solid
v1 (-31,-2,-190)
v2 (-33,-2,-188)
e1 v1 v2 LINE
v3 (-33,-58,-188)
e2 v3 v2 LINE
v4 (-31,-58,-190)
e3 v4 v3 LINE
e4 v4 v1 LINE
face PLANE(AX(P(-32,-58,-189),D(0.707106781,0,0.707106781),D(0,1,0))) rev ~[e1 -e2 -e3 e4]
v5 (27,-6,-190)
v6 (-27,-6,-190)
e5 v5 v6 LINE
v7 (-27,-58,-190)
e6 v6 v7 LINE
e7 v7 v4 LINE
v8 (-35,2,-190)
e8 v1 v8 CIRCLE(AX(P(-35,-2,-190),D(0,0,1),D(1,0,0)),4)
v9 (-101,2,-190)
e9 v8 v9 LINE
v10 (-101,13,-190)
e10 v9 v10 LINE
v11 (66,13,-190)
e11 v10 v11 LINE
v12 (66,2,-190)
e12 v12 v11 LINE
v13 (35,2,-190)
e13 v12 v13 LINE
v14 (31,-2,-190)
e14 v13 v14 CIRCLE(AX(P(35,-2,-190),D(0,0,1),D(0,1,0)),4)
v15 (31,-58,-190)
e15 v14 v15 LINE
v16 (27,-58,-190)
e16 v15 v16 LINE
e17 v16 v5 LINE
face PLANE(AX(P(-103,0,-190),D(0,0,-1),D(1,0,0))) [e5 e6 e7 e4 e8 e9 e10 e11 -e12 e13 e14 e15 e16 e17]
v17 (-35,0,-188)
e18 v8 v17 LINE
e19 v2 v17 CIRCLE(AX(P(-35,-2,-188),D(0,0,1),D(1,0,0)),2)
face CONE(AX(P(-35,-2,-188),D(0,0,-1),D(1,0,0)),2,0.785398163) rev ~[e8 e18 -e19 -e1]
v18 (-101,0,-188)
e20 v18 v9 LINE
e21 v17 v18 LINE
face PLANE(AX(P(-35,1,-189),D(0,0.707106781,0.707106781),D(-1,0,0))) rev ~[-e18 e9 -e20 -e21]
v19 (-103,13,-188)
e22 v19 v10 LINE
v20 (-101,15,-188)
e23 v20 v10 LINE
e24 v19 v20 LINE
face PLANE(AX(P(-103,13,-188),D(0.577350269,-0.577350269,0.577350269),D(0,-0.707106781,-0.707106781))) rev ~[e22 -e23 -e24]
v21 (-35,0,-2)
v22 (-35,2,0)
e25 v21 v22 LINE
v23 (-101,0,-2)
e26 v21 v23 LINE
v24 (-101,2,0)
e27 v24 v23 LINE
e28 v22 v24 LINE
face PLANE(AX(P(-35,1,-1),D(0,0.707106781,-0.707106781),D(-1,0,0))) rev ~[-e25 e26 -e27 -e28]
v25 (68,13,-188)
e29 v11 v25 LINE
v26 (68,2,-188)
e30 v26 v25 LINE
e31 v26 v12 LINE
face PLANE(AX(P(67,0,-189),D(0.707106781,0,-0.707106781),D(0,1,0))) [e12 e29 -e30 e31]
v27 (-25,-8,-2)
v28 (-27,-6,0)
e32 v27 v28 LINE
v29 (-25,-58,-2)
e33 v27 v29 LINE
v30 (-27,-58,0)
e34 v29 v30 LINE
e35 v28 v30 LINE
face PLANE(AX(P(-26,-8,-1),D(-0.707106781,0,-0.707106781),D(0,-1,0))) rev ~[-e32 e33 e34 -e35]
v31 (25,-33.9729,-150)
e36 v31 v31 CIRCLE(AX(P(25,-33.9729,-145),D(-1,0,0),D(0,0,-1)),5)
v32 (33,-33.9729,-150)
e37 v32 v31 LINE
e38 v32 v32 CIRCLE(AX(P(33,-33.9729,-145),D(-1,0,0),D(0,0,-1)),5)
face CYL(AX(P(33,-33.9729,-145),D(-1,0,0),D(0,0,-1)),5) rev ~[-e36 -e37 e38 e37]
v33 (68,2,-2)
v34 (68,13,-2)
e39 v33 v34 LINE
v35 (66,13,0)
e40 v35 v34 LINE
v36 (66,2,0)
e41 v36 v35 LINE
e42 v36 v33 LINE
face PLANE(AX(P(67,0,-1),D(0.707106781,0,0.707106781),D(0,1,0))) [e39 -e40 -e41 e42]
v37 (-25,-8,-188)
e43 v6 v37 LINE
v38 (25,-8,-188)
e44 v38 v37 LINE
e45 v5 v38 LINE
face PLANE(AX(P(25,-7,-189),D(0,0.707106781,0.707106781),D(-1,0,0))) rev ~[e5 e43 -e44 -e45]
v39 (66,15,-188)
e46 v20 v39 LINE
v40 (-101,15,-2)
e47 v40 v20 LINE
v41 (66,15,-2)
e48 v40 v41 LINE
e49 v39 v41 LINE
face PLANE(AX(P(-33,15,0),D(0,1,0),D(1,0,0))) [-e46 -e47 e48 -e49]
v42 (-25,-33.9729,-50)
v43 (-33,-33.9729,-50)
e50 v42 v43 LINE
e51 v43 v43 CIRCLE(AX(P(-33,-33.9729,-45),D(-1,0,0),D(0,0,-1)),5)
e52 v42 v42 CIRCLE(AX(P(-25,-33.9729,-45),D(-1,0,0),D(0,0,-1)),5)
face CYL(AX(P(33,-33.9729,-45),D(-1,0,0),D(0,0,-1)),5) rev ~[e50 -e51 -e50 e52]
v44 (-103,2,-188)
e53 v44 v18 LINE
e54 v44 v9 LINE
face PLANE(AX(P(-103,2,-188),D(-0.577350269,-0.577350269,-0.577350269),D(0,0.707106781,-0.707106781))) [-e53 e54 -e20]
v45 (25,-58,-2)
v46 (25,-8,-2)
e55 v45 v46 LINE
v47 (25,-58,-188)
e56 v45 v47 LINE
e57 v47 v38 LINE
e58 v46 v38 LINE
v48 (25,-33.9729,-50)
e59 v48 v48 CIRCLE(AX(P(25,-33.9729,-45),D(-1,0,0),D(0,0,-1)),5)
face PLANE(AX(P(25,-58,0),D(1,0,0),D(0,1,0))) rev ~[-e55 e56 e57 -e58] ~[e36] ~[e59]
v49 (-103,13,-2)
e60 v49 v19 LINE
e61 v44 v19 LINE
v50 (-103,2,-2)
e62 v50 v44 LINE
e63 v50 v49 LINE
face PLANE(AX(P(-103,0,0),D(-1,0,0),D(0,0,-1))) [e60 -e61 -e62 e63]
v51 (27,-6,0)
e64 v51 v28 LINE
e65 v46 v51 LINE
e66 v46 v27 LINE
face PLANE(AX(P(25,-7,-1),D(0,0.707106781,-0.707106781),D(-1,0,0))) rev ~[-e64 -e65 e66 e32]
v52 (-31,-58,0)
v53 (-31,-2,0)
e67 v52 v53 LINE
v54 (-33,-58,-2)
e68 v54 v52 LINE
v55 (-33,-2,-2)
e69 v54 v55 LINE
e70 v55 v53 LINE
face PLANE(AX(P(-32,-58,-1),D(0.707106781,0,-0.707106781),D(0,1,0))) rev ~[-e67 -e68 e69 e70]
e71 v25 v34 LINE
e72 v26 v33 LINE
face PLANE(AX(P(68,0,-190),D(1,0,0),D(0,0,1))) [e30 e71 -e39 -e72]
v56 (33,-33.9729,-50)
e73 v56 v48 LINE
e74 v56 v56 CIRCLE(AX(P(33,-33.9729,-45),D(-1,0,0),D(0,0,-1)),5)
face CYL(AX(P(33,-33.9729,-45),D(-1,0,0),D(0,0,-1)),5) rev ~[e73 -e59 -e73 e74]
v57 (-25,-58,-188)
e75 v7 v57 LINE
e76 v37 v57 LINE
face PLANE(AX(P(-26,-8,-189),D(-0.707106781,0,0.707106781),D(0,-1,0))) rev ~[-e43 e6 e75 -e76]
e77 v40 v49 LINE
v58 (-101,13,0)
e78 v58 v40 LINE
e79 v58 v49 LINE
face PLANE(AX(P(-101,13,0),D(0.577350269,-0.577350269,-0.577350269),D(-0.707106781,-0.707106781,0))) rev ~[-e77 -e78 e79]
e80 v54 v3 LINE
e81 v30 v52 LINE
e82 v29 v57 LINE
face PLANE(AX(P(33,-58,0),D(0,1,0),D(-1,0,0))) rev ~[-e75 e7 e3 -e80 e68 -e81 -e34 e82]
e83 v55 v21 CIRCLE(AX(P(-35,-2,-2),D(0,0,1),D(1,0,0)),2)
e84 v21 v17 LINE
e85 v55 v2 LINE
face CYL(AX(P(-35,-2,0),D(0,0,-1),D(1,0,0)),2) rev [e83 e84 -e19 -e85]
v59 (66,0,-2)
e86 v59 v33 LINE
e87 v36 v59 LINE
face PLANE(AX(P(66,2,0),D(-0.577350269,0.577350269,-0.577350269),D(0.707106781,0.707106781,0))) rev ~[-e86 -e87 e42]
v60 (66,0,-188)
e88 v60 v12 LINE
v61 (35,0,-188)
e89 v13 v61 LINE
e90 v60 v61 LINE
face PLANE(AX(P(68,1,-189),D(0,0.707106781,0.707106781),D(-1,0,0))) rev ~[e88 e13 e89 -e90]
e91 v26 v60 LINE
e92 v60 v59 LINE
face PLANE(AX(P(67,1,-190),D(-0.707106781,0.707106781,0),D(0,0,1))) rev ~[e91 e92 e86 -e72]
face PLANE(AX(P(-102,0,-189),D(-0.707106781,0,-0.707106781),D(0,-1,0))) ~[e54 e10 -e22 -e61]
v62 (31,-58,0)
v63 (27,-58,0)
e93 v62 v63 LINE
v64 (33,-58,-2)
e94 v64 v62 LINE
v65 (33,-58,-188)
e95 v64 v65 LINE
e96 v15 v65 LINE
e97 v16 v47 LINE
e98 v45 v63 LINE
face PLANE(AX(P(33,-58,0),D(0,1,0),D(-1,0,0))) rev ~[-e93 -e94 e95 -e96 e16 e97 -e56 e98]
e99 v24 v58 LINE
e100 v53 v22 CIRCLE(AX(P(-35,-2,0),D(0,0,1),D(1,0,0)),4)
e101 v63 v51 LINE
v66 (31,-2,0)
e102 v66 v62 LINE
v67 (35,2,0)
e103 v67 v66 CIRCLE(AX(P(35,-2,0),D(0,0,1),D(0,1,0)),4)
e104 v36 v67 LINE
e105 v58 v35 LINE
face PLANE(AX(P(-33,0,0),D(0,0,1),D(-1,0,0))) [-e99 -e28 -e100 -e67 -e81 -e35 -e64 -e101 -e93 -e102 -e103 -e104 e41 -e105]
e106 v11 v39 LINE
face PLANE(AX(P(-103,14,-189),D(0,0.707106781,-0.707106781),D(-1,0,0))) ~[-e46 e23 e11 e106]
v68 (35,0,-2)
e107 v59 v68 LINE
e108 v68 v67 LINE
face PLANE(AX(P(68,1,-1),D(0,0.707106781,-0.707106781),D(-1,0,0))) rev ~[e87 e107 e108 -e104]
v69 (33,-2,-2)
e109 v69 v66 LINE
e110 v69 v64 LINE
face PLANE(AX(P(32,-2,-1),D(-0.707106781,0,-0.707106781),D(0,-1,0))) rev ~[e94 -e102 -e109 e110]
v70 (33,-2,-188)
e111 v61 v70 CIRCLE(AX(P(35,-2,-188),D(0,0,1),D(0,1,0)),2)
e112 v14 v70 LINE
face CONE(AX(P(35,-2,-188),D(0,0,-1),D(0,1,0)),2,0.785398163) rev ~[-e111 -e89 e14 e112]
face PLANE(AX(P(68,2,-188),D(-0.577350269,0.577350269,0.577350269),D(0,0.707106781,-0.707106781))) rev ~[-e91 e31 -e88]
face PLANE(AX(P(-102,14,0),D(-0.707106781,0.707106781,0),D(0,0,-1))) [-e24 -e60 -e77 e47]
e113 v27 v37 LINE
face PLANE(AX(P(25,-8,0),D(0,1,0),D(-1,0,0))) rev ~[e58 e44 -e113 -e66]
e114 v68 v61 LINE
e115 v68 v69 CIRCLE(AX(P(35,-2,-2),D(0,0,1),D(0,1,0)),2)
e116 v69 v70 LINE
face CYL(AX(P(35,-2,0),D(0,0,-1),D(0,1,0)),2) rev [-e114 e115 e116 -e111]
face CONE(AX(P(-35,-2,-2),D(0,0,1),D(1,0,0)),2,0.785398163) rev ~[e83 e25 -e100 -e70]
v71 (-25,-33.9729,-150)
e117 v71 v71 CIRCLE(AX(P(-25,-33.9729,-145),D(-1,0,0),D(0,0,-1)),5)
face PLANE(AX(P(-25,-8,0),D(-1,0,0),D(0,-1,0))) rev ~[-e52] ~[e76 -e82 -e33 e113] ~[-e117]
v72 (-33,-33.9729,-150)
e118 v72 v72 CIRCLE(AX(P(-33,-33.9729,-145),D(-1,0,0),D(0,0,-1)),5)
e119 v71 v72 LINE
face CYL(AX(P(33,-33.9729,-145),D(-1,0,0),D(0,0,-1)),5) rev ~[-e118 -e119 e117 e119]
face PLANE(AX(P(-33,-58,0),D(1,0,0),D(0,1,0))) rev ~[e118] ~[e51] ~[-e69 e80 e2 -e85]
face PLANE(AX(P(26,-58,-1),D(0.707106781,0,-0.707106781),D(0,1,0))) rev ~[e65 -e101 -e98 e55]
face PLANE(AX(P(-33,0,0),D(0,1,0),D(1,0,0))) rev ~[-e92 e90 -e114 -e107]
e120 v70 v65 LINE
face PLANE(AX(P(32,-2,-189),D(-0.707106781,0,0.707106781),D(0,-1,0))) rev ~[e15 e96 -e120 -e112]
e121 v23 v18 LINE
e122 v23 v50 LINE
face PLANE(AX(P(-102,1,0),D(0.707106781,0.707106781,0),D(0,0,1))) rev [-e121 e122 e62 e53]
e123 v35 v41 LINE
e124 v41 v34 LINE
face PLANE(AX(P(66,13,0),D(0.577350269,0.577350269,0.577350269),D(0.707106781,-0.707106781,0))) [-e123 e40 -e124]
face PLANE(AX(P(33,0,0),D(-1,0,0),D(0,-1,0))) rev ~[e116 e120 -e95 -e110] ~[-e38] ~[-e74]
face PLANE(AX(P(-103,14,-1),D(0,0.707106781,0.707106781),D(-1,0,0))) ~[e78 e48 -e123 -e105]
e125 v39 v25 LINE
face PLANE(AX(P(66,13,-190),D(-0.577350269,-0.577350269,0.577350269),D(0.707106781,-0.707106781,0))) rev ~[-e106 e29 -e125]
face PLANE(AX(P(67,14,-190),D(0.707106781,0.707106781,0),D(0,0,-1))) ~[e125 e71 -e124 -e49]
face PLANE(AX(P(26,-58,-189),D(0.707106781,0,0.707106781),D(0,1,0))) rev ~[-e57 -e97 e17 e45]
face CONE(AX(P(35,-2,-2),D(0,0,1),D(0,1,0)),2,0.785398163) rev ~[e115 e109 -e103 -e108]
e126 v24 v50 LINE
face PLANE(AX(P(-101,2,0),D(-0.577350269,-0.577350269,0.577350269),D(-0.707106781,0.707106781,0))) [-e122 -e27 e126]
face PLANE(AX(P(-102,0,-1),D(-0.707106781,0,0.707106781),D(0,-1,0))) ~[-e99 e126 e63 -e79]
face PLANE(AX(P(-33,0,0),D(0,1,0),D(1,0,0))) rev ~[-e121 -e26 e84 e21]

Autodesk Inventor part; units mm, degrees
ref_plane "YZ Plane" through (0, 0, 0) normal (1, 0, 0) x (0, 1, 0)
ref_plane "XZ Plane" through (0, 0, 0) normal (0, 1, 0) x (-1, 0, 0)
ref_plane "XY Plane" through (0, 0, 0) normal (0, 0, 1) x (1, 0, 0)
sketch "Sketch1" plane through (0, 0, 0) normal (0, 0, 1) x (1, 0, 0)
  line L0 (-33, 0) -> (33, 0)
  line L1 (33, 0) -> (33, -58)
  line L2 (33, -58) -> (-33, -58)
  line L3 (-33, -58) -> (-33, 0)
  point P0 (0, 0)
  dimension "d0" = 58
  dimension "d1" = 66
  dimension "d2" = 33
  dimension "d3" = 0
extrude "clamp_base" add sketch "Sketch1" against normal blind 190
sketch "Sketch2" plane through (0, 0, 0) normal (0, 0, 1) x (1, 0, 0)
  line L0 (-25, -58) -> (25, -58)
  line L1 (25, -58) -> (25, -8)
  line L2 (25, -8) -> (-25, -8)
  line L3 (-25, -8) -> (-25, -58)
  line L4 (-33, -58) -> (33, -58) projected
  point P0 (0, 0)
  dimension "d6" = 50
  dimension "d7" = 50
  dimension "d8" = 25
extrude "clamp_extrusion" cut sketch "Sketch2" against normal through all
sketch "Sketch4" plane through (-33, 0, 0) normal (0, 1, 0) x (1, 0, 0)
  line L0 (-70, 190) -> (101, 190)
  line L1 (101, 190) -> (101, 0)
  line L2 (101, 0) -> (-70, 0)
  line L3 (-70, 0) -> (-70, 190)
  line L4 (66, 0) -> (0, 0) projected
  line L5 (0, 190) -> (66, 190) projected
  line L6 (0, 0) -> (0, 190) projected
  line L7 (66, 0) -> (66, 190) projected
  point P0 (33, 0)
  dimension "d35" = 0
  dimension "d36" = 0
  dimension "d37" = 70
  dimension "d38" = 35
extrude "platform" add sketch "Sketch4" along normal blind 15
sketch "Sketch8" plane through (33, -58, 0) normal (1, 0, 0) x (0, 0, -1)
  line L0 (0, 0) -> (0, 58) projected
  line L1 (190, 58) -> (190, 0) projected
  point P0 (45, 24.0271)
  point P1 (145, 24.0271)
  dimension "d51" = 45
  dimension "d60" = 100
  dimension "d61" = 190
hole "clampHole" at (33, -33.9729, -45) at (33, -33.9729, -145) direction (-1, 0, 0) diameter 10 end through all
sketch "tabWeld" plane through (-33, 15, 0) normal (0, 1, 0) x (1, 0, 0)
  line L0 (6.168, 65.1137) -> (67.4515, 116.5367)
  line L1 (-26.6142, 104.1819) -> (34.6693, 155.6049)
  line L2 (-70, 0) -> (101, 0) projected
  line L3 (-70, 190) -> (-70, 0) projected
  line L4 (6.168, 65.1137) -> (-26.6142, 104.1819)
  line L5 (-10.2231, 84.6478) -> (51.0604, 136.0708)
  line L6 (101, 0) -> (101, 190) projected
  line L7 (4.0276, 129.8934) -> (36.8097, 90.8252)
  line L8 (101, 190) -> (-70, 190) projected
  line L9 (101, 190) -> (66.0569, 219.3207)
  point P0 (33, 0)
  point P1 (20.4186, 110.3593)
  dimension "d63" = 80
  dimension "d64" = 51
  dimension "d67" = 40
  dimension "d68" = 171
  dimension "d70" = 40
  dimension "d71" = 190
  dimension "d88" = 40
  dimension "d89" = 145
ref_plane "Work Plane4" through (-28.9724, 15, -129.8934) normal (-0.766, 0, 0.6428) x (0.6428, 0, 0.766)
sketch "reelWeld" plane through (-33, 15, 0) normal (0, 1, 0) x (1, 0, 0)
  line L0 (-37.0187, 107.8529) -> (-60, 88.5693)
  line L1 (-70, 0) -> (101, 0) projected
  line L2 (-15.0049, 34.9462) -> (7.9765, 54.2298)
  line L3 (-70, 190) -> (-70, 0) projected
  line L4 (-10.2231, 84.6478) -> (51.0604, 136.0708) projected
  line L5 (-10.2231, 84.6478) -> (-68.0536, 36.1223)
  line L6 (-60, 88.5693) -> (-15.0049, 34.9462)
  point P0 (33, 0)
  dimension "d75" = 40
  dimension "d77" = 30
  dimension "d78" = 70
  dimension "d79" = 70
  dimension "d86" = 35
  dimension "d87" = 10
fillet "Fillet1" radius 2 2 edges at (33, 0, -95) (-33, 0, -95)
chamfer "Chamfer1" distance 2 angle 45 24 edges at (68, 15, -95) (-17.5, 15, -190) (-103, 15, -95) (-17.5, 15, 0) (51.5, 0, -190) (33, -30, -190) (68, 0, -95) (51.5, 0, 0) (33, -30, 0) (-33, -30, -190) (-69, 0, -190) (-103, 0, -95) (-69, 0, 0) (-33, -30, 0) (68, 7.5, -190) (-103, 7.5, -190) (-103, 7.5, 0) (68, 7.5, 0) (0, -8, -190) (25, -33, -190) (-25, -33, -190) (0, -8, 0) (-25, -33, 0) (25, -33, 0)
ref_plane "Work Plane5" through (-43.2231, 15, -84.6478) normal (-0.6428, 0, -0.766) x (0, -1, 0)
equation "\"d0\" = support_frame_squareBarDimension + support_baseClamp_thickness"
equation "\"d1\" = support_frame_squareBarDimension + 2 * support_baseClamp_thickness"
equation "\"d2\" = 0.5 * d1"
equation "\"d4\" = width"
equation "\"d6\" = support_frame_squareBarDimension"
equation "\"d7\" = support_frame_squareBarDimension"
equation "\"d8\" = 0.5 * d6"
equation "\"d37\" = 2 * support_baseClamp_platformLengthBuffer"
equation "\"d38\" = support_baseClamp_platformLengthBuffer"
equation "\"d13\" = support_baseClamp_platformThickness"
equation "\"d51\" = -0.5 * d60 + 0.5 * d61"
equation "\"d60\" = clampHoleSpacing"
equation "\"d53\" = clampHoleDiameter"
equation "\"d75\" = d67"
equation "\"d79\" = d78"
equation "\"hoop_width_large\" = 51"
equation "\"width\" = clampHoleDiameter + clampHoleSpacing + 2 * buffer"
equation "\"clampHoleSpacing\" = support_frame_clampHoleSpacing"
equation "\"clampHoleDiameter\" = support_frame_clampHoleDiameter"
equation "\"d12\" = -y + r - d15"
equation "\"d15\" = hoop_width_large"
equation "\"sleeveHoleDiameter\" = support_baseClamp_sleeveHoleDiameter"
equation "\"theta\" = hoop_angle_z"
equation "\"phi\" = support_baseClamp_sleeveSweepTerminationAngle"
equation "\"support_frame_squareBarDimension\" = 50"
equation "\"support_baseClamp_thickness\" = 8"
equation "\"support_baseClamp_sleeveHoleDiameter\" = 12"
equation "\"hoop_angle_z\" = 45deg"
equation "\"support_baseClamp_sleeveSweepTerminationAngle\" = 55deg"
equation "\"support_baseClamp_platformThickness\" = 15"
equation "\"support_baseClamp_platformWidthBuffer\" = 0"
equation "\"support_baseClamp_platformLengthBuffer\" = 35"
equation "\"rack_tooth_thickness\" = 5"
equation "\"rack_tooth_addendum\" = 5"
equation "\"rack_tooth_dedendum\" = 5"
equation "\"hoop_thickness_large\" = 4"
equation "\"hoop_width_medium\" = 33.7"
equation "\"hoop_thickness_medium\" = 3.2"
equation "\"hoop_width_small\" = 25.4"
equation "\"hoop_thickness_small\" = 2"
equation "\"hoop_bearing_length\" = 5deg"
equation "\"hoop_cable_diam\" = 5"
equation "\"hoop_cable_pulley_diam\" = 22"
equation "\"secure_arm_radii\" = 9"
equation "\"secure_arm_angle\" = 35deg"
equation "\"support_frame_endHoleBuffer\" = 45"
equation "\"hoop_tabs_thickness\" = 6"
equation "\"support_frame_squareBarThickness\" = 5"
equation "\"wheelchair_deployed_length\" = 1067"
equation "\"wheelchair_deployed_height\" = 914"
equation "\"hoop_tabs_hole\" = 12"
equation "\"wheelchair_deployed_width\" = 635"
equation "\"support_frame_squareBarFillet\" = 2"
equation "\"sm_varx_pinPlate_thickness\" = 5"
equation "\"sm_varx_member_tolerance\" = 0"
equation "\"sm_varx_pinPlate_holeDiameter\" = 5"
equation "\"sm_varx_squareBarThickness\" = 2.5"
equation "\"hoop_bushing23_radialInterference\" = 0"
equation "\"hoop_bushing12_radialInterference\" = 0"
equation "\"hoop_bushing12_od\" = 43"
equation "\"wheelchatir_pos_deploy_angle_0\" = 65deg"
equation "\"wheelchatir_pos_store_angle_0\" = 90deg"
equation "\"wheelchatir_pos_deploy_angle_1\" = 20deg"
equation "\"wheelchatir_pos_store_angle_1\" = 20deg"
equation "\"hoop_bushing23_od\" = 27.3"
equation "\"hoop_bushing12_thickness\" = 9.3"
equation "\"hoop_bushing23_thickness\" = 1.9"
equation "\"buffer\" = 40"
equation "\"support_frame_clampHoleSpacing\" = 100"
equation "\"support_frame_clampHoleDiameter\" = 10"
equation "\"y\" = 450"
equation "\"r\" = 1650"
properties part number "support_basePart" material "Steel, High Strength, Low Alloy"
